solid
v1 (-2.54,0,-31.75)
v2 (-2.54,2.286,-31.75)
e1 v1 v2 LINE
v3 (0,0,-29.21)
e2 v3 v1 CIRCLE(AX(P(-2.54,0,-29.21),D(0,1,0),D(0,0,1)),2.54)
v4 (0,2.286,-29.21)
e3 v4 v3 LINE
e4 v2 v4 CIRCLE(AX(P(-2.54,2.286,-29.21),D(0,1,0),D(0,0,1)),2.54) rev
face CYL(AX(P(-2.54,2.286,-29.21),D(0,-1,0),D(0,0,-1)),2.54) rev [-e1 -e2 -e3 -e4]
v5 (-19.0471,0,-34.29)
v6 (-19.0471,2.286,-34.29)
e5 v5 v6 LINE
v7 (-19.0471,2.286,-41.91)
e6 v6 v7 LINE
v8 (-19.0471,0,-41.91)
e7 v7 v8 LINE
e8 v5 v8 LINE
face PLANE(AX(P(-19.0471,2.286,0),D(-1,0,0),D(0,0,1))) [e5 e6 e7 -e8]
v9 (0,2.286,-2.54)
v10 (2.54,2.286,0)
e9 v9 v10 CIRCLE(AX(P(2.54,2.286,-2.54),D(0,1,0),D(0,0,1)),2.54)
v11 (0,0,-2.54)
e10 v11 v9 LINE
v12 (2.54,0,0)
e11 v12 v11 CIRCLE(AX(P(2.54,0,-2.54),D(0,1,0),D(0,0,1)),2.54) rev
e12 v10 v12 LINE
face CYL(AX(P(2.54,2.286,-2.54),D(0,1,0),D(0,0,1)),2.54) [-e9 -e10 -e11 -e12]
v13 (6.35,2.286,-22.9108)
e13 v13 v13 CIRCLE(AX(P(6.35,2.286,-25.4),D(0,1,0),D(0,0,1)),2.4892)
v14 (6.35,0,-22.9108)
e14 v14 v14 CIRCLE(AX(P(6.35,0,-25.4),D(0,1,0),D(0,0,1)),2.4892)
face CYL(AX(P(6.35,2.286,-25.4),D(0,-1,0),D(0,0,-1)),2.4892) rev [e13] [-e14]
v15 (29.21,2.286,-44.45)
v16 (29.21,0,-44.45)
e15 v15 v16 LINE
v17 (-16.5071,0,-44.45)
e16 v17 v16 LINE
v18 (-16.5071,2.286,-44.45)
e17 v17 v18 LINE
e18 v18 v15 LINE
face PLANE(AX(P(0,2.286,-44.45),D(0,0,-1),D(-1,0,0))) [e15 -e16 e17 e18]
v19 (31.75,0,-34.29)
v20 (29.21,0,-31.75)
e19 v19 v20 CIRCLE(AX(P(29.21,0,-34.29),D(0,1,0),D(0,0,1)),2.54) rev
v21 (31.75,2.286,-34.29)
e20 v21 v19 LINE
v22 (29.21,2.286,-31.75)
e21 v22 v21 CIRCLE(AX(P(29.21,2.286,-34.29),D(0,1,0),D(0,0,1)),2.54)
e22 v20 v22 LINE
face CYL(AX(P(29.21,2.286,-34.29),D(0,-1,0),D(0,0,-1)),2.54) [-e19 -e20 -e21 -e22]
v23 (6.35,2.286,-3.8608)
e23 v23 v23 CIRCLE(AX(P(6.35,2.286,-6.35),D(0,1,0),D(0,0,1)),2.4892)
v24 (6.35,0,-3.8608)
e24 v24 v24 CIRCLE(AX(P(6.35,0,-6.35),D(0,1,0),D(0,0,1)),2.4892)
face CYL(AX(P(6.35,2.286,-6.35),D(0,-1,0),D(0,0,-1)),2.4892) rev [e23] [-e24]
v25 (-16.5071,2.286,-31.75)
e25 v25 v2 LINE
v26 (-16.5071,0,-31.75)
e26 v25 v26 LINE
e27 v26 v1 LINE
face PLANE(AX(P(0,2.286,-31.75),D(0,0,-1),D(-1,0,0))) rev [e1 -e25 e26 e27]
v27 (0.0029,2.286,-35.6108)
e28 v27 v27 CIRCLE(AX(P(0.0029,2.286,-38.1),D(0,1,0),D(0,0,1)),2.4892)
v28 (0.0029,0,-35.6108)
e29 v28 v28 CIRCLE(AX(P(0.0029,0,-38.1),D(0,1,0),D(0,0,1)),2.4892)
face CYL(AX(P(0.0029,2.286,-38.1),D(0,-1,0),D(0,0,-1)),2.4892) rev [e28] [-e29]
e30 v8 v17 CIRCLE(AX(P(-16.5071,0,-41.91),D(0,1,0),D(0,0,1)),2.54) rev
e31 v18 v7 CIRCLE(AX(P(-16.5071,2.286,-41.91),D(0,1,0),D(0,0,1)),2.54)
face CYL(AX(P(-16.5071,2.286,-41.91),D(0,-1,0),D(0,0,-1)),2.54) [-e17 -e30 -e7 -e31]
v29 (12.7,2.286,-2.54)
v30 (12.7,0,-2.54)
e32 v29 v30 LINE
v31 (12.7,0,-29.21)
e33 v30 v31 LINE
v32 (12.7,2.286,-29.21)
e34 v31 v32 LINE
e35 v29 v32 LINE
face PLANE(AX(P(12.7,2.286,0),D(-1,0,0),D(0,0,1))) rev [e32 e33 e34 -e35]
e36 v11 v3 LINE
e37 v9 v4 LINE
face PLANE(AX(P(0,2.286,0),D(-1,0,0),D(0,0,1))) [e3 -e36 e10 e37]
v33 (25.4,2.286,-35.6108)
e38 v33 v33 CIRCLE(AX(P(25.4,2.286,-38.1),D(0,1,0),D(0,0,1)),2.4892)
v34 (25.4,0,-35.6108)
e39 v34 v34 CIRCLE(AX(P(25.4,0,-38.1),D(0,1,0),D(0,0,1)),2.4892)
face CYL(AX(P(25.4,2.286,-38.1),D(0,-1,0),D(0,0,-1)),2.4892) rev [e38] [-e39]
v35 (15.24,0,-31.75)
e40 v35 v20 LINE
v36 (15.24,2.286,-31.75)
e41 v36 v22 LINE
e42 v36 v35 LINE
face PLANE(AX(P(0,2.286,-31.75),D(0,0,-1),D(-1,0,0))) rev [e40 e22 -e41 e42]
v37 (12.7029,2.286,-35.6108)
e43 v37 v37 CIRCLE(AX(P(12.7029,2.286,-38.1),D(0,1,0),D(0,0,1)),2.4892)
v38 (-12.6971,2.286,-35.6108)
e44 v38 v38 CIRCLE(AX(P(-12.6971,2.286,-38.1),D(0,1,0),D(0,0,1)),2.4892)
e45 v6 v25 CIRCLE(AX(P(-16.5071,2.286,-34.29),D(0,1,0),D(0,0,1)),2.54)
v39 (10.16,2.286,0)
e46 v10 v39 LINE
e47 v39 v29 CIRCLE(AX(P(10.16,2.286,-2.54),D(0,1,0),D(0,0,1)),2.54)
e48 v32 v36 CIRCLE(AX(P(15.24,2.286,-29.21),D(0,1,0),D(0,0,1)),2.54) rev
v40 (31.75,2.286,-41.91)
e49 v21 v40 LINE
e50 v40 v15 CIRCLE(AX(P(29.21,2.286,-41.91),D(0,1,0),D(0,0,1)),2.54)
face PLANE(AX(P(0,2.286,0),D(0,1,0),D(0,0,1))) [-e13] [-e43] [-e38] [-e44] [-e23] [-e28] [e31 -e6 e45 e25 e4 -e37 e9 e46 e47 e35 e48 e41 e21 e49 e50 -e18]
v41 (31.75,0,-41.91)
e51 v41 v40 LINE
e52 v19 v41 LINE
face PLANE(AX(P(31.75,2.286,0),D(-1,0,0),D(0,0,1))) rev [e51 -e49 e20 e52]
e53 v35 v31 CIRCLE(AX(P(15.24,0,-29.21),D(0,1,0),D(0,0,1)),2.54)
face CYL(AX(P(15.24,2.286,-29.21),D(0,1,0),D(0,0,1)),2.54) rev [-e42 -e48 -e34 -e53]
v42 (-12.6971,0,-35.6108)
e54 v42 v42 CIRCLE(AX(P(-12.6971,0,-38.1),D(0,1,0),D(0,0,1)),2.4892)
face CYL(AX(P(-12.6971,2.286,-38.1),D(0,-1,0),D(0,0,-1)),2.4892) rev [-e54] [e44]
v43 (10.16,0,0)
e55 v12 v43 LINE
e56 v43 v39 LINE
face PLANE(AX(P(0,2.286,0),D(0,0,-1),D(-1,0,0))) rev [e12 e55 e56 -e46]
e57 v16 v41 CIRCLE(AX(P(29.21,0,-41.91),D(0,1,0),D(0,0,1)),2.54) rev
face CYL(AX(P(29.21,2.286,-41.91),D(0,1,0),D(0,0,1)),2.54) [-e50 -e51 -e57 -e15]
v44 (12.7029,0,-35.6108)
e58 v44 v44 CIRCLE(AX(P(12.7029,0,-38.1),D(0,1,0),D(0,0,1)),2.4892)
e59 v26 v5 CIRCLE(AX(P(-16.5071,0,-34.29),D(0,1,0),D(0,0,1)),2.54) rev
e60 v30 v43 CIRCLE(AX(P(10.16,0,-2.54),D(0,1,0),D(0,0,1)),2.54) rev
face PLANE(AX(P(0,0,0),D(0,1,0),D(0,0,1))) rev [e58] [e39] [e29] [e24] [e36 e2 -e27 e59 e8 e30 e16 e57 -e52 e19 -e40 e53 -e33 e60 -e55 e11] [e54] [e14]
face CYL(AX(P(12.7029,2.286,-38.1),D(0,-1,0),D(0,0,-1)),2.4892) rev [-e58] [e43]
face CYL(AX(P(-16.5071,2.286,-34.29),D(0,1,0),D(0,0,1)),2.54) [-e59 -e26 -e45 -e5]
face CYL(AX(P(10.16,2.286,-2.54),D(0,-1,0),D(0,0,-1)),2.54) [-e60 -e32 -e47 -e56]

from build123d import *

# Parameters (mm, degrees)
SKETCH1_R           = 2.4892
SKETCH1_W           = 12.7
SKETCH1_H           = 31.75
BOSS_EXTRUDE1_DEPTH = 2.286
FILLET1_R           = 2.54


with BuildPart() as part:
    # Sketch1 → Boss-Extrude1 (new body)
    # profile 1 of 2: a face of its own
    with BuildSketch(Plane(origin=(0, 0, 0), x_dir=(1, 0, 0), z_dir=(0, 1, 0))):
        Polygon((-19.047100434, 31.75), (0, 31.75), (12.7, 31.75), (31.75, 31.75), (31.75, 44.45), (-19.047100434, 44.45), align=None)
        with Locations(Location((-12.697100434, 38.1, 0), (0, 0, 270))):
            Circle(SKETCH1_R, mode=Mode.SUBTRACT)
        with Locations(Location((0.002899566, 38.1, 0), (0, 0, 270))):
            Circle(SKETCH1_R, mode=Mode.SUBTRACT)
        with Locations(Location((12.702899566, 38.1, 0), (0, 0, 270))):
            Circle(SKETCH1_R, mode=Mode.SUBTRACT)
        with Locations(Location((25.4, 38.1, 0), (0, 0, 270))):
            Circle(SKETCH1_R, mode=Mode.SUBTRACT)
    # profile 2 of 2: a face of its own
    with BuildSketch(Plane(origin=(0, 0, 0), x_dir=(1, 0, 0), z_dir=(0, 1, 0))):
        with Locations((6.35, 15.875)):
            Rectangle(SKETCH1_W, SKETCH1_H)
        with Locations(Location((6.35, 25.4, 0), (0, 0, 270))):
            Circle(SKETCH1_R, mode=Mode.SUBTRACT)
        with Locations(Location((6.35, 6.35, 0), (0, 0, 270))):
            Circle(SKETCH1_R, mode=Mode.SUBTRACT)
    extrude(amount=BOSS_EXTRUDE1_DEPTH)

    # Fillet1
    fillet1_edges = [part.edges().sort_by_distance(p)[0] for p in [
        (-19.047100434, 1.143, -31.75),
        (-19.047100434, 1.143, -44.45),
        (31.75, 1.143, -44.45),
        (31.75, 1.143, -31.75),
        (12.7, 1.143, -31.75),
        (12.7, 1.143, 0),
        (0, 1.143, 0),
        (0, 1.143, -31.75),
    ]]
    fillet(fillet1_edges, radius=FILLET1_R)


solid = part.part
